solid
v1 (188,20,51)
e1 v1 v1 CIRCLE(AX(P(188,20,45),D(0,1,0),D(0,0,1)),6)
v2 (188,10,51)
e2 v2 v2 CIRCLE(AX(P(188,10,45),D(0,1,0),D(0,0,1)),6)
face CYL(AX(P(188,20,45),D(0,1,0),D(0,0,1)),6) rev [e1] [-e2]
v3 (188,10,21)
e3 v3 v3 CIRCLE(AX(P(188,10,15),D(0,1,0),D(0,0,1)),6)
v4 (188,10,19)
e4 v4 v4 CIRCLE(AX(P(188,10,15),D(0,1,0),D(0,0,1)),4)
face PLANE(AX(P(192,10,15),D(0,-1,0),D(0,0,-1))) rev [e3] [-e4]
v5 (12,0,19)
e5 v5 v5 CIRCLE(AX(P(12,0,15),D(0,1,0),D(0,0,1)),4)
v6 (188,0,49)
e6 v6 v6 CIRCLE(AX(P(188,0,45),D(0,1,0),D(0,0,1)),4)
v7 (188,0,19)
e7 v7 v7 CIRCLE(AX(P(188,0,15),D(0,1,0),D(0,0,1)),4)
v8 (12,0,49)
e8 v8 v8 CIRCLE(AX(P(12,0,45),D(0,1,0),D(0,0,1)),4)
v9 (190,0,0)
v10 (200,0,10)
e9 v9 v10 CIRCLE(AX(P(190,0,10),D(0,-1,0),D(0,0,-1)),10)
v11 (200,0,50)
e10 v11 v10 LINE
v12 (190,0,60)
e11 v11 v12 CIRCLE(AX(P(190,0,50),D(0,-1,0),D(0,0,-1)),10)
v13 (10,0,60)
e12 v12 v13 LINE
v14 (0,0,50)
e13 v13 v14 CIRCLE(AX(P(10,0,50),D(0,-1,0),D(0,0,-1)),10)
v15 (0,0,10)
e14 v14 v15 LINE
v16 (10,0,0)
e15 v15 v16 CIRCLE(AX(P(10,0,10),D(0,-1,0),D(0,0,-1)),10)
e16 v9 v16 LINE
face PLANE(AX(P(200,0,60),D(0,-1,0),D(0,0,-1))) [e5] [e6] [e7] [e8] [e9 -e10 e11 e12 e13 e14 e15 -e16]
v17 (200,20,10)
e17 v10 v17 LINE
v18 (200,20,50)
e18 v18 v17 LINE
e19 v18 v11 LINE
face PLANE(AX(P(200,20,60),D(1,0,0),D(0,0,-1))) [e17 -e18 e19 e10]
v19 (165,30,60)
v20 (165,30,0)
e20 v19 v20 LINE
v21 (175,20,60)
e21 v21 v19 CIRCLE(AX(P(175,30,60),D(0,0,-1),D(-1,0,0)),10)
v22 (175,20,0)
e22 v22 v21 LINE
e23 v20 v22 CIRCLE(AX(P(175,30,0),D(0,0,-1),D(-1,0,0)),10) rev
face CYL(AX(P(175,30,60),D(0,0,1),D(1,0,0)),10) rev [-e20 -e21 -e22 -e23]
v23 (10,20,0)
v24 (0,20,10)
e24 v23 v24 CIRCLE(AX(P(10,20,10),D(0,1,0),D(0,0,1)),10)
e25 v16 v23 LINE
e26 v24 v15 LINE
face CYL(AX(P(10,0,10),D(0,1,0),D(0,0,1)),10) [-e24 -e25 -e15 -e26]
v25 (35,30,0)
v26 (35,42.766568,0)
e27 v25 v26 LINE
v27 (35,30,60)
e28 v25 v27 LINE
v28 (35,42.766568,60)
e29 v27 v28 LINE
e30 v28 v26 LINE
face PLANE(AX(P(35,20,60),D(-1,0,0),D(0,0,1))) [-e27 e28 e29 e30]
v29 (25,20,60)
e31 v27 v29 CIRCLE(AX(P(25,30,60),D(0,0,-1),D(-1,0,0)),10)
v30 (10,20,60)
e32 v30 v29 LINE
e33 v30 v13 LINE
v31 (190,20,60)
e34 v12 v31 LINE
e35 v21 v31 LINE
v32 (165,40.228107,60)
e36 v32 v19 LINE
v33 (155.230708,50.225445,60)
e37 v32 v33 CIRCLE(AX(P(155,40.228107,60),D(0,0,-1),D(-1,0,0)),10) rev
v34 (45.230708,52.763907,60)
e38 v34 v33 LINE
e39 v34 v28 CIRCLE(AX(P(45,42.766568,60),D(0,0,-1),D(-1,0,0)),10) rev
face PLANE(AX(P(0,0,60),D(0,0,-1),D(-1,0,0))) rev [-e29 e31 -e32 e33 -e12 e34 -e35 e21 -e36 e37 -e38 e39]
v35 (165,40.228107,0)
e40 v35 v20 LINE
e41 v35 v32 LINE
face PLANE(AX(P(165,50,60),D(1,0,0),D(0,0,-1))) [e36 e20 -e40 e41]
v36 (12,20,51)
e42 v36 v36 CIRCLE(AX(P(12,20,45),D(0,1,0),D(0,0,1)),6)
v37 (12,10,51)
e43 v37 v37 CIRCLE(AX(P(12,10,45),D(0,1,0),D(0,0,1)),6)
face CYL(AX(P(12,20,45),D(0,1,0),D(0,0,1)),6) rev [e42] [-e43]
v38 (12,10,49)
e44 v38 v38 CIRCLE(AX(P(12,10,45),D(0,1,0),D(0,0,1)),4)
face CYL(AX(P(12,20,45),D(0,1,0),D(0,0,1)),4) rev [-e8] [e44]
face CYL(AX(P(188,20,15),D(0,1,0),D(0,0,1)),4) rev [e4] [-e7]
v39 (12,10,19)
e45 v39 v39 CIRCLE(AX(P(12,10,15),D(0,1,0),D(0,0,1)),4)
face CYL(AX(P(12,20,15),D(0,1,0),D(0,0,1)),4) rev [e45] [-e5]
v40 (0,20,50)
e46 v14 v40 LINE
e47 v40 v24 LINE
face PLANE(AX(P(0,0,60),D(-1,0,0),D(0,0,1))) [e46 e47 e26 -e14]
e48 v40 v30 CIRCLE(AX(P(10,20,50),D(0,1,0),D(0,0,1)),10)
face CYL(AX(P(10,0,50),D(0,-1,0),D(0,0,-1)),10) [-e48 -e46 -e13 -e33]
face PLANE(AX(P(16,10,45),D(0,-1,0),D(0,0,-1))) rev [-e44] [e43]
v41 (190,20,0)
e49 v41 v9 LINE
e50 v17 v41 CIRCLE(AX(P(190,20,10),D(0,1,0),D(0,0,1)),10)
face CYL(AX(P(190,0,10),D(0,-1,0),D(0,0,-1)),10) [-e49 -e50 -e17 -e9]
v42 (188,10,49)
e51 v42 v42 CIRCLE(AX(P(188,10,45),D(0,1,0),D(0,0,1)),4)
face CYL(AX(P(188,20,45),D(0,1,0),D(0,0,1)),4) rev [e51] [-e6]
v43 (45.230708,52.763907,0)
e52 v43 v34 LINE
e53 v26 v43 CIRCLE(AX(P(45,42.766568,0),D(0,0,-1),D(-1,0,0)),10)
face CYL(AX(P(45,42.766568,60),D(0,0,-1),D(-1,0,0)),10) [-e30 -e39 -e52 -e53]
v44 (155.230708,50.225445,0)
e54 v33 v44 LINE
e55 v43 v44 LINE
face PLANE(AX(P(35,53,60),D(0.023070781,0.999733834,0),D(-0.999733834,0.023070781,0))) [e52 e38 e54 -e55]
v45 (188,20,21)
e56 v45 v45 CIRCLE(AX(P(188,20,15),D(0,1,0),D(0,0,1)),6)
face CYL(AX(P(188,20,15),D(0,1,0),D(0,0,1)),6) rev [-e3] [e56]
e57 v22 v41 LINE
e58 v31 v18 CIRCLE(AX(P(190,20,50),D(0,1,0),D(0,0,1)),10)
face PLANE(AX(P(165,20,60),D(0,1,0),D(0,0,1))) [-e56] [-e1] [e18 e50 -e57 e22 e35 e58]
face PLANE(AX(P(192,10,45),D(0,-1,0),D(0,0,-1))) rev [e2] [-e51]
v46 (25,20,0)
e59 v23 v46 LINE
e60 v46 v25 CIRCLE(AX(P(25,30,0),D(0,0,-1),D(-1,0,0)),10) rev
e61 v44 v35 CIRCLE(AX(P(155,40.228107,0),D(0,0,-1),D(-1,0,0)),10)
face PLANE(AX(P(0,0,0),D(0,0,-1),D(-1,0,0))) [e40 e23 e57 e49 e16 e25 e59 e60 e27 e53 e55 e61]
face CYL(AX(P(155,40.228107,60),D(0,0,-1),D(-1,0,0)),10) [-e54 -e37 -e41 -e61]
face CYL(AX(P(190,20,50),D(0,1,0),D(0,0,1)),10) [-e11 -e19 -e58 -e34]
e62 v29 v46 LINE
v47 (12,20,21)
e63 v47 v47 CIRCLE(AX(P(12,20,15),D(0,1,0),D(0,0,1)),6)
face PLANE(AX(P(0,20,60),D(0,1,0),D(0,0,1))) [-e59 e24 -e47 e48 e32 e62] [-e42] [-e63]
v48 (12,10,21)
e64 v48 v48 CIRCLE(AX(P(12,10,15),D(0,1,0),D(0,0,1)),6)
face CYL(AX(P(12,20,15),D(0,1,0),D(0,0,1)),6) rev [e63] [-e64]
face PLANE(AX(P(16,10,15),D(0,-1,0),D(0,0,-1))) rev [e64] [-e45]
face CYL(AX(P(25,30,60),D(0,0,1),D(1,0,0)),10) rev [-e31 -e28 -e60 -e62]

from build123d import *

# Parameters (mm, degrees)
BOSS_EXTRUDE1_DEPTH                     = 60
CBORE_FOR_M5_HEX_HEAD_BOLT1_D           = 8
CBORE_FOR_M5_HEX_HEAD_BOLT1_CBORE_D     = 12
CBORE_FOR_M5_HEX_HEAD_BOLT1_CBORE_DEPTH = 10
MIRROR2_COPY_1_D                        = 8
MIRROR2_COPY_1_CBORE_D                  = 12
MIRROR2_COPY_1_CBORE_DEPTH              = 10
FILLET1_R                               = 10
FILLET2_R                               = 10


with BuildPart() as part:
    # Sketch1 → Boss-Extrude1 (new body)
    with BuildSketch(Plane.XY):
        Polygon((0, 0), (0, 20), (35, 20), (35, 53), (165, 50), (165, 20), (200, 20), (200, 0), align=None)
    extrude(amount=BOSS_EXTRUDE1_DEPTH)

    # CBORE for M5 Hex Head Bolt1 (through all)
    with Locations(Plane(origin=(0, 20, 0), x_dir=(1, 0, 0), z_dir=(0, 1, 0))):
        with Locations((12, -45)):
            cbore_for_m5_hex_head_bolt1 = CounterBoreHole(CBORE_FOR_M5_HEX_HEAD_BOLT1_D / 2, CBORE_FOR_M5_HEX_HEAD_BOLT1_CBORE_D / 2, CBORE_FOR_M5_HEX_HEAD_BOLT1_CBORE_DEPTH)

    # Mirror1: CBORE for M5 Hex Head Bolt1 across plane
    add(cbore_for_m5_hex_head_bolt1.mirror(Plane.XY.offset(30)), mode=Mode.SUBTRACT)

    # Mirror2: CBORE for M5 Hex Head Bolt1 across plane
    add(cbore_for_m5_hex_head_bolt1.mirror(Plane(origin=(100, 0, 0), x_dir=(0, 0, 1), z_dir=(1, 0, 0))), mode=Mode.SUBTRACT)

    # Mirror2 copy 1 (through all)
    with Locations(Plane(origin=(200, 20, 60), x_dir=(-1, 0, 0), z_dir=(0, 1, 0))):
        with Locations((12, -45)):
            CounterBoreHole(MIRROR2_COPY_1_D / 2, MIRROR2_COPY_1_CBORE_D / 2, MIRROR2_COPY_1_CBORE_DEPTH)

    # Fillet1
    fillet1_edges = [part.edges().sort_by_distance(p)[0] for p in [
        (165, 20, 30),
        (165, 50, 30),
        (35, 53, 30),
        (35, 20, 30),
    ]]
    fillet(fillet1_edges, radius=FILLET1_R)

    # Fillet2
    fillet2_edges = [part.edges().sort_by_distance(p)[0] for p in [
        (0, 10, 0),
        (200, 10, 0),
        (0, 10, 60),
        (200, 10, 60),
    ]]
    fillet(fillet2_edges, radius=FILLET2_R)


solid = part.part
